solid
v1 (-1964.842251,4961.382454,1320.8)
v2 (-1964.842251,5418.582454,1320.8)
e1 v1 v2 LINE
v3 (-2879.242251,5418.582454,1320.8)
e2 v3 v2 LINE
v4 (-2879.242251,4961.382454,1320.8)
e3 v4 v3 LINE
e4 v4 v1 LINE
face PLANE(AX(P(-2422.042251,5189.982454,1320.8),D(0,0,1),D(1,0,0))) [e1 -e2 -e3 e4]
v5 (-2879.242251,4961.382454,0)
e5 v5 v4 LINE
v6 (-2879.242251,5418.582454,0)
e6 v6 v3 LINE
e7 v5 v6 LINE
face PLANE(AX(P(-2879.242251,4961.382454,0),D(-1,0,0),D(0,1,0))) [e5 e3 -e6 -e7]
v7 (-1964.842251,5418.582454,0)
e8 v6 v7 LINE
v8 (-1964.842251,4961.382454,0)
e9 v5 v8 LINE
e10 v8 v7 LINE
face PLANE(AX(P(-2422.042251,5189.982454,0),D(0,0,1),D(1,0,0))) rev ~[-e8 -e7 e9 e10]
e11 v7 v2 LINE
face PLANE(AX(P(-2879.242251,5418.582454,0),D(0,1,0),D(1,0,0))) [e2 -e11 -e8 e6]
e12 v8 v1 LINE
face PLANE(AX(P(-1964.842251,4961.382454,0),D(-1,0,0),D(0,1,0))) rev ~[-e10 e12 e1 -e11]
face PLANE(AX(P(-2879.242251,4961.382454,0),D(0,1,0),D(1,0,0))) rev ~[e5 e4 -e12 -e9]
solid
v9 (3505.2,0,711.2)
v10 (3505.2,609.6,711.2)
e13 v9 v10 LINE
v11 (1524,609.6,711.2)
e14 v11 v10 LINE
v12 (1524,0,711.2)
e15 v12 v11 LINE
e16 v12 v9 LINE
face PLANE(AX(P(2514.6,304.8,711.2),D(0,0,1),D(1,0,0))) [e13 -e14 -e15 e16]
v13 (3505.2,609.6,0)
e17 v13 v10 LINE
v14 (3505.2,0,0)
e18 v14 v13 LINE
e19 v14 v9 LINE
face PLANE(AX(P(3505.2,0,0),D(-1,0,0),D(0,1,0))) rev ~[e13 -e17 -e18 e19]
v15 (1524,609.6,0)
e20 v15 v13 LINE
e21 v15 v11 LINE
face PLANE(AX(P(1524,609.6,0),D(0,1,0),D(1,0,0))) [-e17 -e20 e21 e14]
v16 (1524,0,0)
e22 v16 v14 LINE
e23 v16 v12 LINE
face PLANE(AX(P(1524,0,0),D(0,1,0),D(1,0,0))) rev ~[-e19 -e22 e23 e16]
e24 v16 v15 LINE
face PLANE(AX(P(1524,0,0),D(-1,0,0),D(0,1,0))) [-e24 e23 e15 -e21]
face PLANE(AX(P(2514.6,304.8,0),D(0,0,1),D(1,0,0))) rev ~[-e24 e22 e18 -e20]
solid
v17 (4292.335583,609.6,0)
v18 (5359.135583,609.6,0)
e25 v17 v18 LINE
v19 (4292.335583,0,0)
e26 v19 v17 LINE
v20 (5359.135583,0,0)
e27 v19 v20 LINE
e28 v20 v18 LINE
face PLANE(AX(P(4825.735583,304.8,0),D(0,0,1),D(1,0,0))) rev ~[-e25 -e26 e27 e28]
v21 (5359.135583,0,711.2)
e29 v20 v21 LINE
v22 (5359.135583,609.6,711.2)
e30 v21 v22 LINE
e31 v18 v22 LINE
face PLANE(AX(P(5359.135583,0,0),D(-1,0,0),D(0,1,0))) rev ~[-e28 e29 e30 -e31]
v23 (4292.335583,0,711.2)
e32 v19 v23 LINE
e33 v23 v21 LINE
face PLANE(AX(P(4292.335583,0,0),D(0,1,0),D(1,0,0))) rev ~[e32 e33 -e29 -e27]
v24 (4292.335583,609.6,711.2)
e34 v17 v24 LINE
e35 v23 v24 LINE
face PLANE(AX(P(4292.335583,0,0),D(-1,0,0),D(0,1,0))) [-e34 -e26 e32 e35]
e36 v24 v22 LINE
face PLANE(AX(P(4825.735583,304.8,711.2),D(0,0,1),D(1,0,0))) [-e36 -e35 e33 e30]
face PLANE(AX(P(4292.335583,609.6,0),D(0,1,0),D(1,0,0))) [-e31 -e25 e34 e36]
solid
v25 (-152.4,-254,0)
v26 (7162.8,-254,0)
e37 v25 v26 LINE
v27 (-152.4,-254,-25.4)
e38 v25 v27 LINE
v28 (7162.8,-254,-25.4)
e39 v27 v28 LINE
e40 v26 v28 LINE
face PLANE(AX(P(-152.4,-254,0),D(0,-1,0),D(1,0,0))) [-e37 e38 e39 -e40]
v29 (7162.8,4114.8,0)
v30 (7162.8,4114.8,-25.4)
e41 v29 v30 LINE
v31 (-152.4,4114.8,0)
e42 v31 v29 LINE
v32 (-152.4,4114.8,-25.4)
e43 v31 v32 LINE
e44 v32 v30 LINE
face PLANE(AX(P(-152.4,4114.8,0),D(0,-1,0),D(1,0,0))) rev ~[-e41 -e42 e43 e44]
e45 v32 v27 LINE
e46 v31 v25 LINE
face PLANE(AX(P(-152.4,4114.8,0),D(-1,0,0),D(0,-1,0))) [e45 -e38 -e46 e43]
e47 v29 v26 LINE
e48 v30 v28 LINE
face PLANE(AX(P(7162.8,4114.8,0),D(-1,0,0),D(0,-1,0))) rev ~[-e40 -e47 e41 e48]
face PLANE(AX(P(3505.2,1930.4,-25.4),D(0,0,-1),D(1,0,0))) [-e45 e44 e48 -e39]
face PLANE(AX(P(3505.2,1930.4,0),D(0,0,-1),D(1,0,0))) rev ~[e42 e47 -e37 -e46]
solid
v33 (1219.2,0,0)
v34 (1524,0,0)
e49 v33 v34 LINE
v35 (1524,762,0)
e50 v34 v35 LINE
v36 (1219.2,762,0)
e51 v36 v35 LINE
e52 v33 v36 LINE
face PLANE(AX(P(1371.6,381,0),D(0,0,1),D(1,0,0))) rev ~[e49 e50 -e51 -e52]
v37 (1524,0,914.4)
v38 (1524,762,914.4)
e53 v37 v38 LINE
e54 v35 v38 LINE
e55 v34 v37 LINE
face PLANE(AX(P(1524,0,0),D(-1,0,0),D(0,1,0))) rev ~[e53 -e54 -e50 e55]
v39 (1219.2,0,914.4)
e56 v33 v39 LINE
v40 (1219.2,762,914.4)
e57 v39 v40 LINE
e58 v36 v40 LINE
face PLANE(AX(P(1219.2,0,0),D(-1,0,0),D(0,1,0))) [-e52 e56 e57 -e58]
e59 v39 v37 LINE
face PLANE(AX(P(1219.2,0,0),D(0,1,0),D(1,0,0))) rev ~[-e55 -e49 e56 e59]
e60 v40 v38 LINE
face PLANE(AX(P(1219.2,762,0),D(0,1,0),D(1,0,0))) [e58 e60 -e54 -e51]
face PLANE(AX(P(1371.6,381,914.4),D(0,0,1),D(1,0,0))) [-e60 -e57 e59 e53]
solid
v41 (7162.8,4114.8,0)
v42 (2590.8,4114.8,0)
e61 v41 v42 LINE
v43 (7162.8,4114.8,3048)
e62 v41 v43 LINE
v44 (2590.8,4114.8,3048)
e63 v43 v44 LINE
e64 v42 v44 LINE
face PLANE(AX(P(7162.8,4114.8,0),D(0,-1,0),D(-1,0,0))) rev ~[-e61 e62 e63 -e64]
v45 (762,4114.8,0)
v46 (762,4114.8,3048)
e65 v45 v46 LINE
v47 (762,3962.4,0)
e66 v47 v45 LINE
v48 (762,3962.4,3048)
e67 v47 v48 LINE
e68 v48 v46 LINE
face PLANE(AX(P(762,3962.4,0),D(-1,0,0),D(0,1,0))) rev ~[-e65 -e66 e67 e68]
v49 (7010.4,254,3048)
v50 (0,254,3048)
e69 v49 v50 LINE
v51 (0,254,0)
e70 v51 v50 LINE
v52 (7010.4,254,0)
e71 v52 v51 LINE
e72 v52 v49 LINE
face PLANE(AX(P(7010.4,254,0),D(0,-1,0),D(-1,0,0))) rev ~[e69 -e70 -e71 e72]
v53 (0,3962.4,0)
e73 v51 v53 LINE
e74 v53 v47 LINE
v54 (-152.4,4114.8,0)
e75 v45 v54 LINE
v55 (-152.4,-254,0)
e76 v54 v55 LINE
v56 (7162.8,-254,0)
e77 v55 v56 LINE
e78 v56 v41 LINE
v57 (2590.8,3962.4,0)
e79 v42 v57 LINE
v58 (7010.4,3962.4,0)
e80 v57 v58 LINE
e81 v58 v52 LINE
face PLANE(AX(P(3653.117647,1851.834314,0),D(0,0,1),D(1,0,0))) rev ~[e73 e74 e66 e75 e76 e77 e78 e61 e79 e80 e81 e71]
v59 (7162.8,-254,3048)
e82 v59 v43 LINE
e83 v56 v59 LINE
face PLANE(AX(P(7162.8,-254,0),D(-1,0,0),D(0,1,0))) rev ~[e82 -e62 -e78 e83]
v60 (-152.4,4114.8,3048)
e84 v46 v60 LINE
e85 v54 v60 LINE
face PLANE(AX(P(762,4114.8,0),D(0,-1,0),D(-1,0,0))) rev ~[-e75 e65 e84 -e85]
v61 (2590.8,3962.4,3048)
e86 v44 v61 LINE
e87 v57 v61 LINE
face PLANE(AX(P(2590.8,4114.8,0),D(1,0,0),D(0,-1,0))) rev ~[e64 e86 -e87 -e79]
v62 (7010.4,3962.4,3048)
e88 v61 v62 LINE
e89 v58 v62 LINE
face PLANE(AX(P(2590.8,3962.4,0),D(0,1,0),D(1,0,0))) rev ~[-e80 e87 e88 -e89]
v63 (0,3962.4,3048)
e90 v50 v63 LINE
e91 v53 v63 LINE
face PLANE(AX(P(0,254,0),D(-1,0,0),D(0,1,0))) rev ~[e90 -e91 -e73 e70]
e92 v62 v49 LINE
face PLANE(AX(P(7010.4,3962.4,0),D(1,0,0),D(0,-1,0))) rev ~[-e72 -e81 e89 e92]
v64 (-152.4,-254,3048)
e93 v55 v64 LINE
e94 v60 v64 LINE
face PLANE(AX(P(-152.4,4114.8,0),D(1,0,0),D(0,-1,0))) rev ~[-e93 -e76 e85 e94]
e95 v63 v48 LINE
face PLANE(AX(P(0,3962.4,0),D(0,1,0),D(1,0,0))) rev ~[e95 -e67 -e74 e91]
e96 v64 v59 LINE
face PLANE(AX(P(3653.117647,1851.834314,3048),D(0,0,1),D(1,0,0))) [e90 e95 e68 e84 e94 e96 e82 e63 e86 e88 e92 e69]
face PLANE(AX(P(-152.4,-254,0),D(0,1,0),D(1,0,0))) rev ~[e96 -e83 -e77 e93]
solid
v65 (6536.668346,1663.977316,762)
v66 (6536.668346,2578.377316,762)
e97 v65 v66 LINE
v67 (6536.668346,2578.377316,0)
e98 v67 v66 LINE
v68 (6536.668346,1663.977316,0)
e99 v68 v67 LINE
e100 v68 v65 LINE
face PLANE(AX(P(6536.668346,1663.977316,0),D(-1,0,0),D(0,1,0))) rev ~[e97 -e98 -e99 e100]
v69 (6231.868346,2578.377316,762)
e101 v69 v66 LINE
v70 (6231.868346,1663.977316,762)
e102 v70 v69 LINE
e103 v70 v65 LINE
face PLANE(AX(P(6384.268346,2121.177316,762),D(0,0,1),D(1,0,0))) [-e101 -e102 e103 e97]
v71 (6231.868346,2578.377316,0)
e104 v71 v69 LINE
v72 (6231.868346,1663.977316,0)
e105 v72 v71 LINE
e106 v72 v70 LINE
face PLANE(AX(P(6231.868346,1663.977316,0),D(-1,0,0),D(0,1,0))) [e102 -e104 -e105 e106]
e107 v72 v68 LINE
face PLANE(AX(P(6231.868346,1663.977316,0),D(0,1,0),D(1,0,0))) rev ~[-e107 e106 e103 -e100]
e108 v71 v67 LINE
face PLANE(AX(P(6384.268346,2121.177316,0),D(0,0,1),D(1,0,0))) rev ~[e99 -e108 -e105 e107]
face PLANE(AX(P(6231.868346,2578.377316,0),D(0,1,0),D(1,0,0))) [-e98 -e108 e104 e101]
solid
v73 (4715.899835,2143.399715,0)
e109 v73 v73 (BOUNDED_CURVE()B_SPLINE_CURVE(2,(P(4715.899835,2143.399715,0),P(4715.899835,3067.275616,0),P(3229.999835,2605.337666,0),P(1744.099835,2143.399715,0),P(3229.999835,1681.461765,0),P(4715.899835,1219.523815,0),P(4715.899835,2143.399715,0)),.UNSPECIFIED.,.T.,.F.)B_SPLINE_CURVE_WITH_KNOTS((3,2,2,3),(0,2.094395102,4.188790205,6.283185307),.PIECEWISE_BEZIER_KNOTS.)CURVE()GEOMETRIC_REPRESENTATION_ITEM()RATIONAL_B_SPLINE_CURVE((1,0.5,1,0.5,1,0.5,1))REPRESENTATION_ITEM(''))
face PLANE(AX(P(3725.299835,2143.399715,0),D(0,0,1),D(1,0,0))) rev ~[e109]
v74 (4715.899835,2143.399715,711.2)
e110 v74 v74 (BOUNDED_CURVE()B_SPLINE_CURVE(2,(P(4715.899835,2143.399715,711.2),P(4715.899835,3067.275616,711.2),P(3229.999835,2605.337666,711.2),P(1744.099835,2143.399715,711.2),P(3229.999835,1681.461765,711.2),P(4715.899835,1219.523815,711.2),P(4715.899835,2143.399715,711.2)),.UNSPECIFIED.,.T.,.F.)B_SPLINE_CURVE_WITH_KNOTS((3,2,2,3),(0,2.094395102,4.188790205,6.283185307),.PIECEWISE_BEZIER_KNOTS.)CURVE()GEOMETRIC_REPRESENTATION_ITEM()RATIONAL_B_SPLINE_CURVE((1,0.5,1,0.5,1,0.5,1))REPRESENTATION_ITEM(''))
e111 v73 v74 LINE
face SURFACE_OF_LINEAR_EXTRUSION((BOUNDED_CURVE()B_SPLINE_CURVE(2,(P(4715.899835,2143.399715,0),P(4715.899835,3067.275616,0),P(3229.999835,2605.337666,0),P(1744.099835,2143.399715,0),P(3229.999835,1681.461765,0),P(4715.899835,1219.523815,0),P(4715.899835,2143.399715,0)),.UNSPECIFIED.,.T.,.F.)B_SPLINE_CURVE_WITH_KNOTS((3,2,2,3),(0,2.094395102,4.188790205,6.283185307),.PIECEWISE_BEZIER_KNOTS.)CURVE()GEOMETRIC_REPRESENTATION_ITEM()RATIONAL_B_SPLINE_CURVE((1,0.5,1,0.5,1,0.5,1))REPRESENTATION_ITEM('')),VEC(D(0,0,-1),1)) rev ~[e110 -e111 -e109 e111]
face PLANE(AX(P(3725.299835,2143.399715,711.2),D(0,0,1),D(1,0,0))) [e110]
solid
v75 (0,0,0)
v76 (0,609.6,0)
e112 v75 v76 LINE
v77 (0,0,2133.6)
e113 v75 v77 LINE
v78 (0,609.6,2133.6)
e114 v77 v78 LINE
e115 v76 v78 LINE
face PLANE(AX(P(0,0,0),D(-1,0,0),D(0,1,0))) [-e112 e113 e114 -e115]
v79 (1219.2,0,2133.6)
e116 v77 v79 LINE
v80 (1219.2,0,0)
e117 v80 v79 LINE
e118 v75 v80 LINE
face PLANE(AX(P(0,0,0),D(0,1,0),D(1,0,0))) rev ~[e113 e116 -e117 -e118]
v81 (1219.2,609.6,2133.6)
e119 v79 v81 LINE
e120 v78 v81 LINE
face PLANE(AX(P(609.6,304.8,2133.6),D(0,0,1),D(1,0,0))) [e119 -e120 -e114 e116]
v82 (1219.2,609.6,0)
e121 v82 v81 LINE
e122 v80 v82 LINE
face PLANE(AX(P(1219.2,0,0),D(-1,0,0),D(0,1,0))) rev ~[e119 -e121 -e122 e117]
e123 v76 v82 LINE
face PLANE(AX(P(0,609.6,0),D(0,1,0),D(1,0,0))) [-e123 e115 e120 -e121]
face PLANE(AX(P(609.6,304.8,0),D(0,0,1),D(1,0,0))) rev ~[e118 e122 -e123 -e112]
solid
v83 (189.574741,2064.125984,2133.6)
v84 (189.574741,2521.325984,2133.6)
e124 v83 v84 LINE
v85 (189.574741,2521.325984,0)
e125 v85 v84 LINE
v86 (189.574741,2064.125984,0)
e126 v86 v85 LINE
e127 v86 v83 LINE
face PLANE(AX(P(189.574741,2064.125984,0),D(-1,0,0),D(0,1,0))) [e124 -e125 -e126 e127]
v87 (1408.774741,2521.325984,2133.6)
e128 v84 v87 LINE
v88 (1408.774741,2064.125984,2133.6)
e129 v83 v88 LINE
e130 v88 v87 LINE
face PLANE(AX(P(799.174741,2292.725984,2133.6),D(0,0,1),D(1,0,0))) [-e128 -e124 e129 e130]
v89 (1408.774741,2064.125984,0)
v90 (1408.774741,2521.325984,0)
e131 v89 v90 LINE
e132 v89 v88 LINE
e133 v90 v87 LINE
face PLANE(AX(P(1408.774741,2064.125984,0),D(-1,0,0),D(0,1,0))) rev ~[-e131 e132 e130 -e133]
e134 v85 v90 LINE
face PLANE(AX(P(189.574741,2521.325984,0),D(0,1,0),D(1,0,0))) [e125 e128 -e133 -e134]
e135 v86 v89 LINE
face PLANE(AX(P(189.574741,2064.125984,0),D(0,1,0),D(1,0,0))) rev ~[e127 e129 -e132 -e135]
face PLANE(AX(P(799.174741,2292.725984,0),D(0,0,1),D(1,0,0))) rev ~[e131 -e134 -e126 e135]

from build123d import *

# Parameters (mm, degrees)
F1_DEPTH  = 3048
F2_W      = 7315.2
F2_H      = 4368.8
F3_DEPTH  = 25.4
F4_W      = 1219.2
F4_H      = 609.6
F5_DEPTH  = 2133.6
F6_W      = 304.8
F6_H      = 762
F7_DEPTH  = 914.4
F8_W      = 1981.2
F8_H      = 609.6
F9_DEPTH  = 711.2
F10_W     = 914.4
F10_H     = 457.2
F11_DEPTH = 1320.8
F12_W     = 1219.2
F12_H     = 457.2
F13_DEPTH = 2133.6
F14_W     = 1066.8
F14_H     = 609.6
F15_DEPTH = 711.2
F16_W     = 304.8
F16_H     = 914.4
F17_DEPTH = 762
F19_DEPTH = 711.2


with BuildPart() as f1:
    # F0 (on Top) → F1 (new body)
    with BuildSketch(Plane.XY):
        Polygon((0, 254), (0, 3962.4), (762, 3962.4), (762, 4114.8), (-152.4, 4114.8), (-152.4, -254), (7162.8, -254), (7162.8, 4114.8), (2590.8, 4114.8), (2590.8, 3962.4), (7010.4, 3962.4), (7010.4, 254), align=None)
    extrude(amount=F1_DEPTH)


with BuildPart() as f3:
    # F2 (on face) → F3 (new body)
    with BuildSketch(Plane(origin=(0, 0, 0), x_dir=(1, 0, 0), z_dir=(0, 0, -1))):
        with Locations((3505.2, -1930.4)):
            Rectangle(F2_W, F2_H)
    extrude(amount=F3_DEPTH)


with BuildPart() as f5:
    # F4 (on face) → F5 (new body)
    with BuildSketch(Plane.XY):
        with Locations((609.6, 304.8)):
            Rectangle(F4_W, F4_H)
    extrude(amount=F5_DEPTH)


with BuildPart() as f7:
    # F6 (on face) → F7 (new body)
    with BuildSketch(Plane.XY):
        with Locations((1371.6, 381)):
            Rectangle(F6_W, F6_H)
    extrude(amount=F7_DEPTH)


with BuildPart() as f9:
    # F8 (on face) → F9 (new body)
    with BuildSketch(Plane.XY):
        with Locations((2514.6, 304.8)):
            Rectangle(F8_W, F8_H)
    extrude(amount=F9_DEPTH)


with BuildPart() as f11:
    # F10 (on face) → F11 (new body)
    with BuildSketch(Plane.XY):
        with Locations((-2422.0422506332, 5189.9824540843)):
            Rectangle(F10_W, F10_H)
    extrude(amount=F11_DEPTH)


with BuildPart() as f13:
    # F12 (on face) → F13 (new body)
    with BuildSketch(Plane.XY):
        with Locations((799.1747409105, 2292.7259836081)):
            Rectangle(F12_W, F12_H)
    extrude(amount=F13_DEPTH)


with BuildPart() as f15:
    # F14 (on face) → F15 (new body)
    with BuildSketch(Plane.XY):
        with Locations((4825.7355830946, 304.8)):
            Rectangle(F14_W, F14_H)
    extrude(amount=F15_DEPTH)


with BuildPart() as f17:
    # F16 (on face) → F17 (new body)
    with BuildSketch(Plane.XY):
        with Locations((6384.268346407, 2121.177315712)):
            Rectangle(F16_W, F16_H)
    extrude(amount=F17_DEPTH)


with BuildPart() as f19:
    # F18 (on face) → F19 (new body)
    with BuildSketch(Plane.XY):
        with BuildLine():
            add(Edge.make_bspline(
                [(4715.8998352051, 2143.3997154236), (4715.8998352051, 3067.2756161808), (3229.9998352051, 2605.3376658022), (1744.0998352051, 2143.3997154236), (3229.9998352051, 1681.461765045), (4715.8998352051, 1219.5238146663), (4715.8998352051, 2143.3997154236)],
                knots=[0, 0, 0, 2.0943951024, 2.0943951024, 4.1887902048, 4.1887902048, 6.2831853072, 6.2831853072, 6.2831853072], degree=2, weights=[1, 0.5, 1, 0.5, 1, 0.5, 1]))
        make_face()
    extrude(amount=F19_DEPTH)


solid = Compound([f1.part, f3.part, f5.part, f7.part, f9.part, f11.part, f13.part, f15.part, f17.part, f19.part])
